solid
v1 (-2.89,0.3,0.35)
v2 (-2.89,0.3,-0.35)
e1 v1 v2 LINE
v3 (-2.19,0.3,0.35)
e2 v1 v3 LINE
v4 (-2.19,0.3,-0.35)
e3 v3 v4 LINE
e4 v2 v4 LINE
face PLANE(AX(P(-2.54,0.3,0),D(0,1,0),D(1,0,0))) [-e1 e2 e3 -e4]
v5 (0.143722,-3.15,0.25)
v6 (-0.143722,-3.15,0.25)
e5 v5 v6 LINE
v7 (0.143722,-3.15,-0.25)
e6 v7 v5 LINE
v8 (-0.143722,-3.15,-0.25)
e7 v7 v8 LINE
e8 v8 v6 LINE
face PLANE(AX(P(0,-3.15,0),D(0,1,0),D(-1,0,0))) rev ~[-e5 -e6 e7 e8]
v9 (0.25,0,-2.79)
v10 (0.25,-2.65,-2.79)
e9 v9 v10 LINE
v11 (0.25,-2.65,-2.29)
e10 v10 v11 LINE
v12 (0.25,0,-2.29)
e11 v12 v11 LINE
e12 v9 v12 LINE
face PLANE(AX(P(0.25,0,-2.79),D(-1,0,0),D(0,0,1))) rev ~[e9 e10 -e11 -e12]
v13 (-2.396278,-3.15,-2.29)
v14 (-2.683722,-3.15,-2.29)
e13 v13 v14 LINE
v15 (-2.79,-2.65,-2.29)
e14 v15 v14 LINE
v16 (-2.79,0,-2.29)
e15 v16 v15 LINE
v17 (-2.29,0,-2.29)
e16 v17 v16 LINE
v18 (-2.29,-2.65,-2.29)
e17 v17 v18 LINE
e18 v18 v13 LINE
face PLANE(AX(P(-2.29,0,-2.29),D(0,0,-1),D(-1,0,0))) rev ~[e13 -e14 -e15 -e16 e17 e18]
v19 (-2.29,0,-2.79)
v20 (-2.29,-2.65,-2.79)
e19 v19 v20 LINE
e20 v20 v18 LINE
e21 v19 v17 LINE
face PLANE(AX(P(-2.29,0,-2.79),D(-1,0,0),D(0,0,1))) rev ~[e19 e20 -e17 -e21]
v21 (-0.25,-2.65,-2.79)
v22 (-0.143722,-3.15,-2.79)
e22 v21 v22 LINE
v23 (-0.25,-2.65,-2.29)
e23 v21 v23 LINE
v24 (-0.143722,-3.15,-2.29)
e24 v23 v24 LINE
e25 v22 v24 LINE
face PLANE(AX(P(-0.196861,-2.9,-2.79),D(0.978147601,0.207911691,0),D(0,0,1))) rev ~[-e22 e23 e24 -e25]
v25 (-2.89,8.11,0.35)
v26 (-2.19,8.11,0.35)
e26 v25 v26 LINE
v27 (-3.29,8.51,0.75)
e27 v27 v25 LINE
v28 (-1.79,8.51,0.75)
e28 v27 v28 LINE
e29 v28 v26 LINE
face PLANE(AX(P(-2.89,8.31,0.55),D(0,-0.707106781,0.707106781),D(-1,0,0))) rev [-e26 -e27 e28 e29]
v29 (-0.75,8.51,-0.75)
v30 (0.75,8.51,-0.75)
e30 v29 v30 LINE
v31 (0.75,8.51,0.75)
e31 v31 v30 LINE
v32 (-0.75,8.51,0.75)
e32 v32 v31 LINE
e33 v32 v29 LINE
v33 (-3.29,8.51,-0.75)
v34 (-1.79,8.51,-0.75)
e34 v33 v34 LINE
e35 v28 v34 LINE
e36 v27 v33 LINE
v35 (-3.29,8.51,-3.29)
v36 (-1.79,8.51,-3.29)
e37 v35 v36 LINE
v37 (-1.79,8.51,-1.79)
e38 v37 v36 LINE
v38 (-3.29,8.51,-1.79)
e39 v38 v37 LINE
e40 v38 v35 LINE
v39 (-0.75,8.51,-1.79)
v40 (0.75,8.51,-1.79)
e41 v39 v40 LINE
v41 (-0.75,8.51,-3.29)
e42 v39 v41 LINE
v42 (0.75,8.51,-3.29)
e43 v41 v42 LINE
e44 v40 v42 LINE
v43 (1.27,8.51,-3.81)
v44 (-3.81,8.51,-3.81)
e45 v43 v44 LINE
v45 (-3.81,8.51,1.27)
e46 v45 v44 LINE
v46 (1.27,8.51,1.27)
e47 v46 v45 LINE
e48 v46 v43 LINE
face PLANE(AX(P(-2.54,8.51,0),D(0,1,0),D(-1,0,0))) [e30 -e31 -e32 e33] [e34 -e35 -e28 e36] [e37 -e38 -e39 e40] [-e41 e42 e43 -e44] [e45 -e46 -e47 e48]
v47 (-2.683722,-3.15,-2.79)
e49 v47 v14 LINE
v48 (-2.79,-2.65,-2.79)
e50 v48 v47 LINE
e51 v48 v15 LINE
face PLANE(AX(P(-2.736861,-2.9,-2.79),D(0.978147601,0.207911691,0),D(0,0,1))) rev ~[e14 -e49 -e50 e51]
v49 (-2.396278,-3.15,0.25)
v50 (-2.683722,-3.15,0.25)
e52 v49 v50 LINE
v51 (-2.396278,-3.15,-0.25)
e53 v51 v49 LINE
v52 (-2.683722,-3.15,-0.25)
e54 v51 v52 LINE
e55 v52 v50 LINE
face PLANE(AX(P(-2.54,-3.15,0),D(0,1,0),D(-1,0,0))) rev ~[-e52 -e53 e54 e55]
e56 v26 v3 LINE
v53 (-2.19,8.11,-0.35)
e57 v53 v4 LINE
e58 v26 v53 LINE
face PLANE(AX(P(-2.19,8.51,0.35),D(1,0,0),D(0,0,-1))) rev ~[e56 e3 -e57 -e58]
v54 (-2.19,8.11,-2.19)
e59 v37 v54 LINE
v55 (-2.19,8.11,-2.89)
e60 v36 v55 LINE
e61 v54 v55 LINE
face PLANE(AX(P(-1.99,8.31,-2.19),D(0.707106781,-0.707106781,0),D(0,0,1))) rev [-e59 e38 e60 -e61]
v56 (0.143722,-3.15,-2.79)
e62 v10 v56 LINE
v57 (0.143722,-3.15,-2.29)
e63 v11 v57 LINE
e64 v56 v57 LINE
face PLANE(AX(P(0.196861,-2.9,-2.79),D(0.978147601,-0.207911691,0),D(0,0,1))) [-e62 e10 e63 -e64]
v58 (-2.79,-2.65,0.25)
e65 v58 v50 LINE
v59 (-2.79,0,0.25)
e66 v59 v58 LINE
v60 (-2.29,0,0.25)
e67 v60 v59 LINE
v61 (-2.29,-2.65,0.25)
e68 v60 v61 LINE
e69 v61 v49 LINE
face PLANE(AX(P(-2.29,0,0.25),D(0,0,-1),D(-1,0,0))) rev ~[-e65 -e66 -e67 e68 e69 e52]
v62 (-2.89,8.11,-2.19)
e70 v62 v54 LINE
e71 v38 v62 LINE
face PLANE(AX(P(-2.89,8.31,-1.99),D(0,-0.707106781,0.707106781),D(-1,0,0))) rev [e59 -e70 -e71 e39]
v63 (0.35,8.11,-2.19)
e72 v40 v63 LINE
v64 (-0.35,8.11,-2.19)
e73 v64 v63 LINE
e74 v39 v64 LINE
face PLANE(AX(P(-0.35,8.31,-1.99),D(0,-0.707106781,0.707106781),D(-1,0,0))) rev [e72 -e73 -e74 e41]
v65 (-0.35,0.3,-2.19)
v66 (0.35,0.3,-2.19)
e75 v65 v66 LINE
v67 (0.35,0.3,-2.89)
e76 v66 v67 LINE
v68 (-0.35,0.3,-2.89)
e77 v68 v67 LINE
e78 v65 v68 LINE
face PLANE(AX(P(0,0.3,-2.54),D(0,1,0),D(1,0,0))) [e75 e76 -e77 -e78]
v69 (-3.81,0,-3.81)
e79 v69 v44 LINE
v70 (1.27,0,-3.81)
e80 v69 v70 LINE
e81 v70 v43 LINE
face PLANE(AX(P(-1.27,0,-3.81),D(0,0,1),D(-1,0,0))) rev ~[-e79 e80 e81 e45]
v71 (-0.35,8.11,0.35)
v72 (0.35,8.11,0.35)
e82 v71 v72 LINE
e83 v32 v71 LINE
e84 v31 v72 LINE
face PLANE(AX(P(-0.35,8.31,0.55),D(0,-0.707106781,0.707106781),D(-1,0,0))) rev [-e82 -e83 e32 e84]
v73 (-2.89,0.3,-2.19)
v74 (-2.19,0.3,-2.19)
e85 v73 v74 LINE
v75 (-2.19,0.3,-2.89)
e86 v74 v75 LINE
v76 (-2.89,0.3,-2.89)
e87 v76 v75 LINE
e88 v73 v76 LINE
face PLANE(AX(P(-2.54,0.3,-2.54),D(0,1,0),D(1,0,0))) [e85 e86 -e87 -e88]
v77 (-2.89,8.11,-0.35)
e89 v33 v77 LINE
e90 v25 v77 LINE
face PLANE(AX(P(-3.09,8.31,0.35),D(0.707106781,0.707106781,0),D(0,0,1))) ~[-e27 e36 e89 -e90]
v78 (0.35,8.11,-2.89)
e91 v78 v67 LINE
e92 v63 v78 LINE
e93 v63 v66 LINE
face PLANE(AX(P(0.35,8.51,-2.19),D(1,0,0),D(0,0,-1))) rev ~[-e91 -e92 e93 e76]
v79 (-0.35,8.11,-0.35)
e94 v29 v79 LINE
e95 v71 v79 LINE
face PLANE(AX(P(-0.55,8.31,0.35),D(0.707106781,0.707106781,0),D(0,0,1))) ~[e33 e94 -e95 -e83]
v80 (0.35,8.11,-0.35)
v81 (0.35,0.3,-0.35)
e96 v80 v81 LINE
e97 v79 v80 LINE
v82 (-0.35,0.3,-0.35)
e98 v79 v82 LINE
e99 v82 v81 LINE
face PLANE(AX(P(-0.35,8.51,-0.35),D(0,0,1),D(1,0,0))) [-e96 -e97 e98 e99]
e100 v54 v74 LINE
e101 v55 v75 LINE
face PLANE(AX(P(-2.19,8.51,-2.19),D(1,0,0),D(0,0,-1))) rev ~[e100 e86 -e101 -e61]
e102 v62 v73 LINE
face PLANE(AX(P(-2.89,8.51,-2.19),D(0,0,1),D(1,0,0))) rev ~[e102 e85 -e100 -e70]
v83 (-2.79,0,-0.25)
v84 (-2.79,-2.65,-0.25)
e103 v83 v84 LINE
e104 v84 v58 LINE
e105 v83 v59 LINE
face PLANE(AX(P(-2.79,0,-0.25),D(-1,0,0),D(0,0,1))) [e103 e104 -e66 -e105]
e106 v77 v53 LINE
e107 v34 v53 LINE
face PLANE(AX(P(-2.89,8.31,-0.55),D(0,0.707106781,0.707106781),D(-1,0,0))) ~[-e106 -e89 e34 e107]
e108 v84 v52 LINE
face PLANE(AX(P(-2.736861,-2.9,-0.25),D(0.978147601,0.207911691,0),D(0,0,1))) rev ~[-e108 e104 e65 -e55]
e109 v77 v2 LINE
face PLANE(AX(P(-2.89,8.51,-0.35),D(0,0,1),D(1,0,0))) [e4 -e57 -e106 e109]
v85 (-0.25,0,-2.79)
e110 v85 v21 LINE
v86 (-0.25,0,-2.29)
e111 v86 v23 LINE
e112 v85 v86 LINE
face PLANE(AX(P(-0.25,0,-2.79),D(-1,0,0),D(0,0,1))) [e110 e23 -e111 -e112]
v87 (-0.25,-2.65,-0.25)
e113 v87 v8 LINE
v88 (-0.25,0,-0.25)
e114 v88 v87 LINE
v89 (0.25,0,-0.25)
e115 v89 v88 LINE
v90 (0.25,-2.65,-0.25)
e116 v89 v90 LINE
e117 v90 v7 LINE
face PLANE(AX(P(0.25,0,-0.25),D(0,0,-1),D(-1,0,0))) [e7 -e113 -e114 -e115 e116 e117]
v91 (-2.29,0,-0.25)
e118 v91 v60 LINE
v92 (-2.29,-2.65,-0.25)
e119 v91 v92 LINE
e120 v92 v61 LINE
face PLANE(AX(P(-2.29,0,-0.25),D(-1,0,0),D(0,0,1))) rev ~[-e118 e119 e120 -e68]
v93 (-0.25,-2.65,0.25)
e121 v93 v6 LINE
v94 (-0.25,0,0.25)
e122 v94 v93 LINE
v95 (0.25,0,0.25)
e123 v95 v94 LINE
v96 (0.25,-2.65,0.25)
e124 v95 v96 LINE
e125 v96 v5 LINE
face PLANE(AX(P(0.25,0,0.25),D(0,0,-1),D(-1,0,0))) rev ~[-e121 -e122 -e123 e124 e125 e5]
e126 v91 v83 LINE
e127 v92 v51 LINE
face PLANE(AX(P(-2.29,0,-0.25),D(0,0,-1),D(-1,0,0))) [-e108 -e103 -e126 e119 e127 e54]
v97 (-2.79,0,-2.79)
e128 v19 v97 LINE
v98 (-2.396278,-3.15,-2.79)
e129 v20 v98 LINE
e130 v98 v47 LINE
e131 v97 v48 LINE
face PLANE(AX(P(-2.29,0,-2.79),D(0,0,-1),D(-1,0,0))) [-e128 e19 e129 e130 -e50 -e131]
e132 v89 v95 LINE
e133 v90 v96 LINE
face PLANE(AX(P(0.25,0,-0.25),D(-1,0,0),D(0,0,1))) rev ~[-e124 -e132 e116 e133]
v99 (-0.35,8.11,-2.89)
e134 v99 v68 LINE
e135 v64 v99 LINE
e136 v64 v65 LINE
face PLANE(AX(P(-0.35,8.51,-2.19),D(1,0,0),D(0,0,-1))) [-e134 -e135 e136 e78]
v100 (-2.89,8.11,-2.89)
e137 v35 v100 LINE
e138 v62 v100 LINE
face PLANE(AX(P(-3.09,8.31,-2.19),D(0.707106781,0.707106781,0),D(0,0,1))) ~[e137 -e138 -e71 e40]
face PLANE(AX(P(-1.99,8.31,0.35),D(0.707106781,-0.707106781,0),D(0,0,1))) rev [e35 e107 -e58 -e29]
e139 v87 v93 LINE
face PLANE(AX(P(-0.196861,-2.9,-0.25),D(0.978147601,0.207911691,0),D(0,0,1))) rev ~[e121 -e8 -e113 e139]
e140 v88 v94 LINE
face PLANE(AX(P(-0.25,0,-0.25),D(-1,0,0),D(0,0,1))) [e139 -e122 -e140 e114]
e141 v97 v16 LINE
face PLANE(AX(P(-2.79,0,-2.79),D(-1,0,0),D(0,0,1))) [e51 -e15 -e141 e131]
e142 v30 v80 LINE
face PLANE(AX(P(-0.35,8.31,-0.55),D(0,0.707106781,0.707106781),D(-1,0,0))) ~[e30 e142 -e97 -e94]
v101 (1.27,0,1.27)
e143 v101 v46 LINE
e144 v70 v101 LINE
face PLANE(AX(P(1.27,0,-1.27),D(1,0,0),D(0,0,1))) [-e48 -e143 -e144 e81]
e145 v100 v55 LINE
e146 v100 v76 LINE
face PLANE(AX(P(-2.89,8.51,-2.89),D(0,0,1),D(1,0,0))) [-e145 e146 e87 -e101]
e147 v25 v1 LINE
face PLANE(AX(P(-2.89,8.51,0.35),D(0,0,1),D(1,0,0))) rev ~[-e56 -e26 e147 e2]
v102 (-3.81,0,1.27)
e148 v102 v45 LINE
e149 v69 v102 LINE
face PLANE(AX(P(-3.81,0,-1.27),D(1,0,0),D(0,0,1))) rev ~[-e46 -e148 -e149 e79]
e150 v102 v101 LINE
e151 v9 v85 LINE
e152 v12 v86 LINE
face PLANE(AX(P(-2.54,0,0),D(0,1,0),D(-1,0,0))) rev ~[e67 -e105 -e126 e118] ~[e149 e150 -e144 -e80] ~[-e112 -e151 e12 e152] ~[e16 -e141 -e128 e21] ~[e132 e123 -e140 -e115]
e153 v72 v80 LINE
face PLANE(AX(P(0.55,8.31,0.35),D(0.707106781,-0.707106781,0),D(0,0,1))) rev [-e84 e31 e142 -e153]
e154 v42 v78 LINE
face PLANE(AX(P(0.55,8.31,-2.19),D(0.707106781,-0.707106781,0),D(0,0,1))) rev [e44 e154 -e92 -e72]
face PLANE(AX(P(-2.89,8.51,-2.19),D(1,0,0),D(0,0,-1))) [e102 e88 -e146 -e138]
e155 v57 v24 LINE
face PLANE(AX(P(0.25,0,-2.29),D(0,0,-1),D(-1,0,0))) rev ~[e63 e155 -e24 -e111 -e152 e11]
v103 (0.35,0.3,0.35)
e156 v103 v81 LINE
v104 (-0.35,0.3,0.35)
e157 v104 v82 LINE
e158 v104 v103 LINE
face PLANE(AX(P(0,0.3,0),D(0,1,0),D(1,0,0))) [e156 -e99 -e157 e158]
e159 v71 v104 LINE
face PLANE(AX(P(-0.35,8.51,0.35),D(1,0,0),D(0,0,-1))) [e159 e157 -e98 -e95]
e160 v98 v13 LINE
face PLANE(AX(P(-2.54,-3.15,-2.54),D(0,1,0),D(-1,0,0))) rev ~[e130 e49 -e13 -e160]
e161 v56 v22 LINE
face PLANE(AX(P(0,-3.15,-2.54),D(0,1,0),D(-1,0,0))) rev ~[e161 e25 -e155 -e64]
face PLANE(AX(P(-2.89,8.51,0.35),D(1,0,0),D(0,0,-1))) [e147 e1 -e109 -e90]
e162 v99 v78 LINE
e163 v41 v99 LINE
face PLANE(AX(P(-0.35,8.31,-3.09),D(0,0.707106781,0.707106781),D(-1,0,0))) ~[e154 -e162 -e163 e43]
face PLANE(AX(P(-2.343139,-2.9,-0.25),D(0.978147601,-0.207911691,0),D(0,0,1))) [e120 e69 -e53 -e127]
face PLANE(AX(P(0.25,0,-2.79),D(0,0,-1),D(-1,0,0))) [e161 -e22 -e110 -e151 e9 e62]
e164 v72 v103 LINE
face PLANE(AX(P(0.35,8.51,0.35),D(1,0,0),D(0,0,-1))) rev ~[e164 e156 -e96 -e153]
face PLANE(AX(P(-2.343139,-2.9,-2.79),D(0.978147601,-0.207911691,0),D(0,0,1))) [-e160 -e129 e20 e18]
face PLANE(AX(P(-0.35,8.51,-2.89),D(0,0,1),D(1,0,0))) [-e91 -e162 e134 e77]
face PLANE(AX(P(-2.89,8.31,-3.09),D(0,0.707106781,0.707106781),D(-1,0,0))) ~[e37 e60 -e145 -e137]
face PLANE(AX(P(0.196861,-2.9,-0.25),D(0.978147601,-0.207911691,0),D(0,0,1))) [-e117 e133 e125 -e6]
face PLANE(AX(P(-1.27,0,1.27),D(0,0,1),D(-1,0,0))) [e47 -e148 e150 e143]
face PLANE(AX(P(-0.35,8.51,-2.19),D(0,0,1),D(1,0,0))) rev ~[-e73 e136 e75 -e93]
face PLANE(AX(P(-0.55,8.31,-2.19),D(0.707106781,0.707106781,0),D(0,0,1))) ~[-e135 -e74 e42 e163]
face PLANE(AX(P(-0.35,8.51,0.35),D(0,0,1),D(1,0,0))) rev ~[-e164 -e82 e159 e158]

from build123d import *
from OCP.BRepFilletAPI import BRepFilletAPI_MakeChamfer

# Parameters (mm, degrees)
SKETCH_1_W                          = 2.54
SKETCH_1_H                          = 2.54
EXTRUDE_1_DEPTH                     = 8.51
SKETCH_4_W                          = 0.7
SKETCH_4_H                          = 0.7
CUT_EXTRUDE_1_DEPTH                 = 8.21
CHAMFER_3_SIZE                      = 0.4
SKETCH_2_W                          = 0.5
SKETCH_2_H                          = 0.5
EXTRUDE_2_DEPTH                     = 3.15
CHAMFER_2_SIZE                      = 0.5
CHAMFER_2_SIZE2                     = 0.106278281
PATTERN_LINEAR_1_COUNT              = 2
PATTERN_LINEAR_1_PITCH              = 2.54
PATTERN_LINEAR_1_COUNT_DIR2         = 2
PATTERN_LINEAR_1_PITCH_DIR2         = 2.54
CHAMFER_3_OF_PATTERN_LINEAR_1_SIZE  = 0.4
CHAMFER_2_OF_PATTERN_LINEAR_1_SIZE  = 0.5
CHAMFER_2_OF_PATTERN_LINEAR_1_SIZE2 = 0.106278281


with BuildPart() as part:
    # Эскиз1 → Бобышка-Вытянуть1 (new body)
    with BuildSketch(Plane(origin=(0, 0, 0), x_dir=(-1, 0, 0), z_dir=(0, 1, 0))):
        Rectangle(SKETCH_1_W, SKETCH_1_H)
    extrude_1 = extrude(amount=EXTRUDE_1_DEPTH)

    # Эскиз4 → Вырез-Вытянуть1 (cut)
    with BuildSketch(Plane(origin=(0, 8.51, 0), x_dir=(1, 0, 0), z_dir=(0, 1, 0))):
        Rectangle(SKETCH_4_W, SKETCH_4_H)
    cut_extrude_1 = extrude(amount=-CUT_EXTRUDE_1_DEPTH, mode=Mode.SUBTRACT)

    # Фаска3
    chamfer_3_edges = [part.edges().sort_by_distance(p)[0] for p in [
        (-0.35, 8.51, 0),
        (0, 8.51, 0.35),
        (0.35, 8.51, 0),
        (0, 8.51, -0.35),
    ]]
    chamfer(chamfer_3_edges, length=CHAMFER_3_SIZE)

    # Эскиз2 → Бобышка-Вытянуть2 (add)
    with BuildSketch(Plane(origin=(0, 0, 0), x_dir=(-1, 0, 0), z_dir=(0, 1, 0))):
        Rectangle(SKETCH_2_W, SKETCH_2_H)
    extrude_2 = extrude(amount=-EXTRUDE_2_DEPTH)

    # Фаска2: one chamfer whose edges measure the first distance from different faces: ONE call of the kernel's chamfer builder (chamfer() names one face for all edges)
    chamfer_2_edges_1 = [part.edges().sort_by_distance(p)[0] for p in [
        (-0.25, -3.15, 0),
    ]]
    chamfer_2_side_1 = [part.faces().sort_by_distance(p)[0] for p in [
        (-0.25, -1.575, 0),
    ]]
    chamfer_2_edges_2 = [part.edges().sort_by_distance(p)[0] for p in [
        (0.25, -3.15, 0),
    ]]
    chamfer_2_side_2 = [part.faces().sort_by_distance(p)[0] for p in [
        (0.25, -1.575, 0),
    ]]
    chamfer_2 = BRepFilletAPI_MakeChamfer(part.part.solid().wrapped)
    for e in chamfer_2_edges_1:
        chamfer_2.Add(CHAMFER_2_SIZE, CHAMFER_2_SIZE2, e.wrapped, chamfer_2_side_1[0].wrapped)  # the first distance lies on this face
    for e in chamfer_2_edges_2:
        chamfer_2.Add(CHAMFER_2_SIZE, CHAMFER_2_SIZE2, e.wrapped, chamfer_2_side_2[0].wrapped)  # the first distance lies on this face
    add(Compound.cast(chamfer_2.Shape()), mode=Mode.REPLACE)

    # Линейный массив1: Бобышка-Вытянуть1, Вырез-Вытянуть1, Extrude 2 2 × 2
    with Locations(*[(-j * PATTERN_LINEAR_1_PITCH_DIR2, 0, -i * PATTERN_LINEAR_1_PITCH) for i in range(PATTERN_LINEAR_1_COUNT) for j in range(PATTERN_LINEAR_1_COUNT_DIR2) if (i, j) != (0, 0)]):
        add(extrude_1)
        add(cut_extrude_1, mode=Mode.SUBTRACT)
        add(extrude_2)

    # Фаска3 of Линейный массив1
    chamfer_3_of_pattern_linear_1_edges = [part.edges().sort_by_distance(p)[0] for p in [
        (-2.89, 8.51, 0),
        (-2.54, 8.51, 0.35),
        (-2.19, 8.51, 0),
        (-2.54, 8.51, -0.35),
        (-0.35, 8.51, -2.54),
        (0, 8.51, -2.19),
        (0.35, 8.51, -2.54),
        (0, 8.51, -2.89),
        (-2.89, 8.51, -2.54),
        (-2.54, 8.51, -2.19),
        (-2.19, 8.51, -2.54),
        (-2.54, 8.51, -2.89),
    ]]
    chamfer(chamfer_3_of_pattern_linear_1_edges, length=CHAMFER_3_OF_PATTERN_LINEAR_1_SIZE)

    # Фаска2 of Линейный массив1: one chamfer whose edges measure the first distance from different faces: ONE call of the kernel's chamfer builder (chamfer() names one face for all edges)
    chamfer_2_of_pattern_linear_1_edges_1 = [part.edges().sort_by_distance(p)[0] for p in [
        (-2.79, -3.15, 0),
    ]]
    chamfer_2_of_pattern_linear_1_side_1 = [part.faces().sort_by_distance(p)[0] for p in [
        (-2.79, -1.575, 0),
    ]]
    chamfer_2_of_pattern_linear_1_edges_2 = [part.edges().sort_by_distance(p)[0] for p in [
        (-2.29, -3.15, 0),
    ]]
    chamfer_2_of_pattern_linear_1_side_2 = [part.faces().sort_by_distance(p)[0] for p in [
        (-2.29, -1.575, 0),
    ]]
    chamfer_2_of_pattern_linear_1_edges_3 = [part.edges().sort_by_distance(p)[0] for p in [
        (-0.25, -3.15, -2.54),
    ]]
    chamfer_2_of_pattern_linear_1_side_3 = [part.faces().sort_by_distance(p)[0] for p in [
        (-0.25, -1.575, -2.54),
    ]]
    chamfer_2_of_pattern_linear_1_edges_4 = [part.edges().sort_by_distance(p)[0] for p in [
        (0.25, -3.15, -2.54),
    ]]
    chamfer_2_of_pattern_linear_1_side_4 = [part.faces().sort_by_distance(p)[0] for p in [
        (0.25, -1.575, -2.54),
    ]]
    chamfer_2_of_pattern_linear_1_edges_5 = [part.edges().sort_by_distance(p)[0] for p in [
        (-2.79, -3.15, -2.54),
    ]]
    chamfer_2_of_pattern_linear_1_side_5 = [part.faces().sort_by_distance(p)[0] for p in [
        (-2.79, -1.575, -2.54),
    ]]
    chamfer_2_of_pattern_linear_1_edges_6 = [part.edges().sort_by_distance(p)[0] for p in [
        (-2.29, -3.15, -2.54),
    ]]
    chamfer_2_of_pattern_linear_1_side_6 = [part.faces().sort_by_distance(p)[0] for p in [
        (-2.29, -1.575, -2.54),
    ]]
    chamfer_2_of_pattern_linear_1 = BRepFilletAPI_MakeChamfer(part.part.solid().wrapped)
    for e in chamfer_2_of_pattern_linear_1_edges_1:
        chamfer_2_of_pattern_linear_1.Add(CHAMFER_2_OF_PATTERN_LINEAR_1_SIZE, CHAMFER_2_OF_PATTERN_LINEAR_1_SIZE2, e.wrapped, chamfer_2_of_pattern_linear_1_side_1[0].wrapped)  # the first distance lies on this face
    for e in chamfer_2_of_pattern_linear_1_edges_2:
        chamfer_2_of_pattern_linear_1.Add(CHAMFER_2_OF_PATTERN_LINEAR_1_SIZE, CHAMFER_2_OF_PATTERN_LINEAR_1_SIZE2, e.wrapped, chamfer_2_of_pattern_linear_1_side_2[0].wrapped)  # the first distance lies on this face
    for e in chamfer_2_of_pattern_linear_1_edges_3:
        chamfer_2_of_pattern_linear_1.Add(CHAMFER_2_OF_PATTERN_LINEAR_1_SIZE, CHAMFER_2_OF_PATTERN_LINEAR_1_SIZE2, e.wrapped, chamfer_2_of_pattern_linear_1_side_3[0].wrapped)  # the first distance lies on this face
    for e in chamfer_2_of_pattern_linear_1_edges_4:
        chamfer_2_of_pattern_linear_1.Add(CHAMFER_2_OF_PATTERN_LINEAR_1_SIZE, CHAMFER_2_OF_PATTERN_LINEAR_1_SIZE2, e.wrapped, chamfer_2_of_pattern_linear_1_side_4[0].wrapped)  # the first distance lies on this face
    for e in chamfer_2_of_pattern_linear_1_edges_5:
        chamfer_2_of_pattern_linear_1.Add(CHAMFER_2_OF_PATTERN_LINEAR_1_SIZE, CHAMFER_2_OF_PATTERN_LINEAR_1_SIZE2, e.wrapped, chamfer_2_of_pattern_linear_1_side_5[0].wrapped)  # the first distance lies on this face
    for e in chamfer_2_of_pattern_linear_1_edges_6:
        chamfer_2_of_pattern_linear_1.Add(CHAMFER_2_OF_PATTERN_LINEAR_1_SIZE, CHAMFER_2_OF_PATTERN_LINEAR_1_SIZE2, e.wrapped, chamfer_2_of_pattern_linear_1_side_6[0].wrapped)  # the first distance lies on this face
    add(Compound.cast(chamfer_2_of_pattern_linear_1.Shape()), mode=Mode.REPLACE)


solid = part.part
